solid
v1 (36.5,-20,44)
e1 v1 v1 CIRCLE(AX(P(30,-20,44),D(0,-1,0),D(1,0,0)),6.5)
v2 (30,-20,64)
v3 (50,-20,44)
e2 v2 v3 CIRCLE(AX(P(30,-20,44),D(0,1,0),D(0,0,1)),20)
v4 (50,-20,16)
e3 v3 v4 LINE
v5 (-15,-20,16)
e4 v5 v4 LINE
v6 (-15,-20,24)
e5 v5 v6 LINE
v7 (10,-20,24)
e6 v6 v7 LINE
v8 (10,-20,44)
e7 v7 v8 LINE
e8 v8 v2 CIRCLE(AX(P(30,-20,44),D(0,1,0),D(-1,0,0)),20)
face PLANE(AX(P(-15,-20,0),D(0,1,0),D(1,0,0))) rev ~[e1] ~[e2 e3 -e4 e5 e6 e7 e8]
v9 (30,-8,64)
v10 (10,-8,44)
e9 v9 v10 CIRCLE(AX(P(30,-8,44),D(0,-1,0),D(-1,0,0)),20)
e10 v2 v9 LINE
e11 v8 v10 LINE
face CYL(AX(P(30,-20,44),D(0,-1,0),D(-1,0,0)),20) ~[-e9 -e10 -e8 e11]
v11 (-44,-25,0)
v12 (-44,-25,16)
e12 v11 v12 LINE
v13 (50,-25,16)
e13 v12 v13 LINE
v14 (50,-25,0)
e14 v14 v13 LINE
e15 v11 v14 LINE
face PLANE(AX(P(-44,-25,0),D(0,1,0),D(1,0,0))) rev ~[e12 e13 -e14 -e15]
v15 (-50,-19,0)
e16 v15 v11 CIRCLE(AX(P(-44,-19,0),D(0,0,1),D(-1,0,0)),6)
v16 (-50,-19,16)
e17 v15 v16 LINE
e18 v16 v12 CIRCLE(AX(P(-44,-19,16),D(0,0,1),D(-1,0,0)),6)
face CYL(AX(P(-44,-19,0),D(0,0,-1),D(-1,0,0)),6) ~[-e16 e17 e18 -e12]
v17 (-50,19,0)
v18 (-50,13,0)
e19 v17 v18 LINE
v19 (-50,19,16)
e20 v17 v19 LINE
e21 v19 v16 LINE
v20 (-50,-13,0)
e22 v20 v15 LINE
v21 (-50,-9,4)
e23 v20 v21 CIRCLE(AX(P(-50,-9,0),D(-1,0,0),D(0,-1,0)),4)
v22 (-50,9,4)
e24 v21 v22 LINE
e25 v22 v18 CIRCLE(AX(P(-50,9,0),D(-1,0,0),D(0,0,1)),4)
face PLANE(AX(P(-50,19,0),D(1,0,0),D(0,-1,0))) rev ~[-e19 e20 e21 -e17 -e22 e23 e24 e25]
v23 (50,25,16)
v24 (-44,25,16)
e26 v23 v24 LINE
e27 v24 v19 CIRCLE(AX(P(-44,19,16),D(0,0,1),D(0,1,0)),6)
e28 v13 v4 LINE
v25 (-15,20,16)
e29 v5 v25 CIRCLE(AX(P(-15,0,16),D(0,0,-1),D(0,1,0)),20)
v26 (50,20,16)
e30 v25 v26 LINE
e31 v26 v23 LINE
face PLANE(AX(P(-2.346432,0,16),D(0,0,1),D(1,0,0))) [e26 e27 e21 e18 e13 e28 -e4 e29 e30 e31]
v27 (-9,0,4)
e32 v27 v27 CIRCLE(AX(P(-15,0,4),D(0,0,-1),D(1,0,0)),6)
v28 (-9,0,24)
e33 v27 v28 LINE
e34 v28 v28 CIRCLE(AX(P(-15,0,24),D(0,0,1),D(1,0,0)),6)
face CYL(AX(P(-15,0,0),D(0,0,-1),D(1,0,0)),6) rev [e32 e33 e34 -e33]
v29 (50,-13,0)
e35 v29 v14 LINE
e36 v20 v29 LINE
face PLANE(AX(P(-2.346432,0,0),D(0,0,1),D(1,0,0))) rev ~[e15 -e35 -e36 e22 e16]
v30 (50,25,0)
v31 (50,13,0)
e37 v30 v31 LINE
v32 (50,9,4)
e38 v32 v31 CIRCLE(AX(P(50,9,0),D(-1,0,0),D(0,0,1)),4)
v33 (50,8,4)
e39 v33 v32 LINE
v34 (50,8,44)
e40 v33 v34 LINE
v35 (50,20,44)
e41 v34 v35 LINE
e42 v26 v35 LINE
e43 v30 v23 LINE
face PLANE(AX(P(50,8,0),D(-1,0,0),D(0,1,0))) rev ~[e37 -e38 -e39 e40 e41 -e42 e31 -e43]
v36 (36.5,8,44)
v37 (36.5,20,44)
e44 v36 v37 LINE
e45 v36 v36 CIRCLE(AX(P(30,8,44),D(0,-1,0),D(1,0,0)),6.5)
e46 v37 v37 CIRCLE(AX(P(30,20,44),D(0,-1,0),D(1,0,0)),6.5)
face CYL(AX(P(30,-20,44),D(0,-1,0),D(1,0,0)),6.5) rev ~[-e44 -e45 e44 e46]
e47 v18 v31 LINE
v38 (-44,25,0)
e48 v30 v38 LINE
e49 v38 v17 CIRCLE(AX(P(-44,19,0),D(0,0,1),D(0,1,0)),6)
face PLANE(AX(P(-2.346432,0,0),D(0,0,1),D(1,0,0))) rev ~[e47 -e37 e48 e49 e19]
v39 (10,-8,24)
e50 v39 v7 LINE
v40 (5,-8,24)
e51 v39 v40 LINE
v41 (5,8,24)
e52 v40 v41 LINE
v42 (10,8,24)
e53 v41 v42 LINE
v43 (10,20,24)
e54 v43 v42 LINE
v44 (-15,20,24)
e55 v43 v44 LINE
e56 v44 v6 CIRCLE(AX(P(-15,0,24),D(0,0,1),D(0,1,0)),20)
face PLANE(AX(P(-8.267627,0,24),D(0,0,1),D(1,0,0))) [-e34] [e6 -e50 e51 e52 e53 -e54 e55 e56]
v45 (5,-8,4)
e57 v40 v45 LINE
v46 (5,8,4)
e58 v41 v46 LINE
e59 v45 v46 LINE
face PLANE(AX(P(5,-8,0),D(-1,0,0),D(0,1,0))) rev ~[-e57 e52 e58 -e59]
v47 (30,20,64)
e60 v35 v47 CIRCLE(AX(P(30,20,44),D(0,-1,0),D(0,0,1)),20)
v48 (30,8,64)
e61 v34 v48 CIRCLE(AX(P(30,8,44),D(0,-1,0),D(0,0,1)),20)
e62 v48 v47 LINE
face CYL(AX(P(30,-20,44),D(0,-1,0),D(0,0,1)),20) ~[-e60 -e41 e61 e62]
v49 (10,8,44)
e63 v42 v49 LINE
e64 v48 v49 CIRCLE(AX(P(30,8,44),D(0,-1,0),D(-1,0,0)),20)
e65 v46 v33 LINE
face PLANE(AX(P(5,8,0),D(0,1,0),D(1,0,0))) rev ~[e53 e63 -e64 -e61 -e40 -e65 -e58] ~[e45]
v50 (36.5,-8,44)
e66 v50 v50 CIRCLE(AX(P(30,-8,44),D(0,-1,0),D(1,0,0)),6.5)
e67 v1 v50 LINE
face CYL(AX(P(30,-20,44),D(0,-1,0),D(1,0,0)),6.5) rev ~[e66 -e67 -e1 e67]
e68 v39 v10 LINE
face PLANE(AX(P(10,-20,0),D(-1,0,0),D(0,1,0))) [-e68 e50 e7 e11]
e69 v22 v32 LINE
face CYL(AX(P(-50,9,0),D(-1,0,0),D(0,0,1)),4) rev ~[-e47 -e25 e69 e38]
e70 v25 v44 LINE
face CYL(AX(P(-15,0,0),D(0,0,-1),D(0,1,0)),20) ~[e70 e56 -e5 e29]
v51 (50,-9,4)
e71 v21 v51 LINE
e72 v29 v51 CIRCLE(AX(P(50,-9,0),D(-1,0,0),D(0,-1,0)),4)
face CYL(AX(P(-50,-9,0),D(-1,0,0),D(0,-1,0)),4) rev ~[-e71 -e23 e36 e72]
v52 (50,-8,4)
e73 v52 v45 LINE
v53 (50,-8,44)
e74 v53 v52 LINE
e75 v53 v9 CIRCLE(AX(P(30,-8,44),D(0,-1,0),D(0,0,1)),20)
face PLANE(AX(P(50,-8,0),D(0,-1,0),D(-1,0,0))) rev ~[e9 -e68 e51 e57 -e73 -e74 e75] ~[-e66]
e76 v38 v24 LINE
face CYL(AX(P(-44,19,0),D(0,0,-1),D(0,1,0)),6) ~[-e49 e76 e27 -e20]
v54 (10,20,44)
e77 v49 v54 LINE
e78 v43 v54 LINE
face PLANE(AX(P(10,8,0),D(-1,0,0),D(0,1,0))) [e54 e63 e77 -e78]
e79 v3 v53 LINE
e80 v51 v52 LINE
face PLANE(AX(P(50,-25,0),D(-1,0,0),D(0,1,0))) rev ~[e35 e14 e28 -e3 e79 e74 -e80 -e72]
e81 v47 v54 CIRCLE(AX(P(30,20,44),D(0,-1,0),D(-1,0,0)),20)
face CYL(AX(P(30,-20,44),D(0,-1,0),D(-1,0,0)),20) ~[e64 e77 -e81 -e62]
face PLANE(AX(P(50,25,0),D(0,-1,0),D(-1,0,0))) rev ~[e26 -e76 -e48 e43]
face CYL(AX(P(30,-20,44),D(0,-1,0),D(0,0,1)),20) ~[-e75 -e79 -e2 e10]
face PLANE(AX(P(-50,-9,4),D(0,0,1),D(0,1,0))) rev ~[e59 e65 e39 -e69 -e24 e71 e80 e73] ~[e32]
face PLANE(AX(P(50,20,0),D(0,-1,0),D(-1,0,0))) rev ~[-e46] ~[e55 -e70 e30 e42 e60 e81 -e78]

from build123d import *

# Parameters (mm, degrees)
F0_W     = 40
F0_H     = 12
F0_R     = 6
F1_DEPTH = 16
F2_DEPTH = 24
F3_DEPTH = 64
F5_DEPTH = 100.001
F6_R     = 6.5
F7_DEPTH = 45.001


with BuildPart() as f1:
    # F0 (on Top) → F1 (new body)
    with BuildSketch(Plane.XY):
        with BuildLine():
            Line((50, 20), (50, 25))
            Line((50, 25), (-44, 25))
            ThreePointArc((-44, 25), (-48.2426406871, 23.2426406871), (-50, 19))
            Line((-50, 19), (-50, -19))
            ThreePointArc((-50, -19), (-48.2426406871, -23.2426406871), (-44, -25))
            Line((-44, -25), (50, -25))
            Line((50, -25), (50, -20))
            Line((50, -20), (10, -20))
            Line((10, -20), (-15, -20))
            ThreePointArc((-15, -20), (-35, 0), (-15, 20))
            Line((-15, 20), (10, 20))
            Line((10, 20), (50, 20))
        make_face()
        with Locations((30, 14)):
            Rectangle(F0_W, F0_H)
        with BuildLine():
            Line((10, 8), (10, 20))
            Line((10, 20), (-15, 20))
            ThreePointArc((-15, 20), (-35, 0), (-15, -20))
            Line((-15, -20), (10, -20))
            Line((10, -20), (10, -8))
            Line((10, -8), (5, -8))
            Line((5, -8), (5, 8))
            Line((5, 8), (10, 8))
        make_face()
        with Locations((-15, 0)):
            Circle(F0_R, mode=Mode.SUBTRACT)
        with Locations((30, -14)):
            Rectangle(F0_W, F0_H)
    extrude(amount=F1_DEPTH)

    # F0 (on Top) → F2 (join)
    with BuildSketch(Plane.XY):
        with BuildLine():
            Line((10, 8), (10, 20))
            Line((10, 20), (-15, 20))
            ThreePointArc((-15, 20), (-35, 0), (-15, -20))
            Line((-15, -20), (10, -20))
            Line((10, -20), (10, -8))
            Line((10, -8), (5, -8))
            Line((5, -8), (5, 8))
            Line((5, 8), (10, 8))
        make_face()
        with Locations((-15, 0)):
            Circle(F0_R, mode=Mode.SUBTRACT)
        with Locations((30, -14)):
            Rectangle(F0_W, F0_H)
        with Locations((30, 14)):
            Rectangle(F0_W, F0_H)
    extrude(amount=F2_DEPTH)

    # F0 (on Top) → F3 (join)
    with BuildSketch(Plane.XY):
        with Locations((30, -14)):
            Rectangle(F0_W, F0_H)
        with Locations((30, 14)):
            Rectangle(F0_W, F0_H)
    extrude(amount=F3_DEPTH)

    # F4 (on face) → F5 (cut, through all)
    with BuildSketch(Plane(origin=(-50, 0, 0), x_dir=(0, -1, 0), z_dir=(-1, 0, 0))):
        with BuildLine():
            Line((-13, 0), (13, 0))
            ThreePointArc((13, 0), (11.8284271247, 2.8284271247), (9, 4))
            Line((9, 4), (-9, 4))
            ThreePointArc((-9, 4), (-11.8284271247, 2.8284271247), (-13, 0))
        make_face()
    extrude(amount=-F5_DEPTH, mode=Mode.SUBTRACT)

    # F6 (on face) → F7 (cut, through all)
    with BuildSketch(Plane.XZ.offset(20)):
        with Locations((30, 44)):
            Circle(F6_R)
        with BuildLine():
            Line((10, 64), (10, 44))
            ThreePointArc((10, 44), (15.8578643763, 58.1421356237), (30, 64))
            Line((30, 64), (10, 64))
        make_face()
        with BuildLine():
            Line((50, 64), (30, 64))
            ThreePointArc((30, 64), (44.1421356237, 58.1421356237), (50, 44))
            Line((50, 44), (50, 64))
        make_face()
    extrude(amount=-F7_DEPTH, mode=Mode.SUBTRACT)


solid = f1.part
